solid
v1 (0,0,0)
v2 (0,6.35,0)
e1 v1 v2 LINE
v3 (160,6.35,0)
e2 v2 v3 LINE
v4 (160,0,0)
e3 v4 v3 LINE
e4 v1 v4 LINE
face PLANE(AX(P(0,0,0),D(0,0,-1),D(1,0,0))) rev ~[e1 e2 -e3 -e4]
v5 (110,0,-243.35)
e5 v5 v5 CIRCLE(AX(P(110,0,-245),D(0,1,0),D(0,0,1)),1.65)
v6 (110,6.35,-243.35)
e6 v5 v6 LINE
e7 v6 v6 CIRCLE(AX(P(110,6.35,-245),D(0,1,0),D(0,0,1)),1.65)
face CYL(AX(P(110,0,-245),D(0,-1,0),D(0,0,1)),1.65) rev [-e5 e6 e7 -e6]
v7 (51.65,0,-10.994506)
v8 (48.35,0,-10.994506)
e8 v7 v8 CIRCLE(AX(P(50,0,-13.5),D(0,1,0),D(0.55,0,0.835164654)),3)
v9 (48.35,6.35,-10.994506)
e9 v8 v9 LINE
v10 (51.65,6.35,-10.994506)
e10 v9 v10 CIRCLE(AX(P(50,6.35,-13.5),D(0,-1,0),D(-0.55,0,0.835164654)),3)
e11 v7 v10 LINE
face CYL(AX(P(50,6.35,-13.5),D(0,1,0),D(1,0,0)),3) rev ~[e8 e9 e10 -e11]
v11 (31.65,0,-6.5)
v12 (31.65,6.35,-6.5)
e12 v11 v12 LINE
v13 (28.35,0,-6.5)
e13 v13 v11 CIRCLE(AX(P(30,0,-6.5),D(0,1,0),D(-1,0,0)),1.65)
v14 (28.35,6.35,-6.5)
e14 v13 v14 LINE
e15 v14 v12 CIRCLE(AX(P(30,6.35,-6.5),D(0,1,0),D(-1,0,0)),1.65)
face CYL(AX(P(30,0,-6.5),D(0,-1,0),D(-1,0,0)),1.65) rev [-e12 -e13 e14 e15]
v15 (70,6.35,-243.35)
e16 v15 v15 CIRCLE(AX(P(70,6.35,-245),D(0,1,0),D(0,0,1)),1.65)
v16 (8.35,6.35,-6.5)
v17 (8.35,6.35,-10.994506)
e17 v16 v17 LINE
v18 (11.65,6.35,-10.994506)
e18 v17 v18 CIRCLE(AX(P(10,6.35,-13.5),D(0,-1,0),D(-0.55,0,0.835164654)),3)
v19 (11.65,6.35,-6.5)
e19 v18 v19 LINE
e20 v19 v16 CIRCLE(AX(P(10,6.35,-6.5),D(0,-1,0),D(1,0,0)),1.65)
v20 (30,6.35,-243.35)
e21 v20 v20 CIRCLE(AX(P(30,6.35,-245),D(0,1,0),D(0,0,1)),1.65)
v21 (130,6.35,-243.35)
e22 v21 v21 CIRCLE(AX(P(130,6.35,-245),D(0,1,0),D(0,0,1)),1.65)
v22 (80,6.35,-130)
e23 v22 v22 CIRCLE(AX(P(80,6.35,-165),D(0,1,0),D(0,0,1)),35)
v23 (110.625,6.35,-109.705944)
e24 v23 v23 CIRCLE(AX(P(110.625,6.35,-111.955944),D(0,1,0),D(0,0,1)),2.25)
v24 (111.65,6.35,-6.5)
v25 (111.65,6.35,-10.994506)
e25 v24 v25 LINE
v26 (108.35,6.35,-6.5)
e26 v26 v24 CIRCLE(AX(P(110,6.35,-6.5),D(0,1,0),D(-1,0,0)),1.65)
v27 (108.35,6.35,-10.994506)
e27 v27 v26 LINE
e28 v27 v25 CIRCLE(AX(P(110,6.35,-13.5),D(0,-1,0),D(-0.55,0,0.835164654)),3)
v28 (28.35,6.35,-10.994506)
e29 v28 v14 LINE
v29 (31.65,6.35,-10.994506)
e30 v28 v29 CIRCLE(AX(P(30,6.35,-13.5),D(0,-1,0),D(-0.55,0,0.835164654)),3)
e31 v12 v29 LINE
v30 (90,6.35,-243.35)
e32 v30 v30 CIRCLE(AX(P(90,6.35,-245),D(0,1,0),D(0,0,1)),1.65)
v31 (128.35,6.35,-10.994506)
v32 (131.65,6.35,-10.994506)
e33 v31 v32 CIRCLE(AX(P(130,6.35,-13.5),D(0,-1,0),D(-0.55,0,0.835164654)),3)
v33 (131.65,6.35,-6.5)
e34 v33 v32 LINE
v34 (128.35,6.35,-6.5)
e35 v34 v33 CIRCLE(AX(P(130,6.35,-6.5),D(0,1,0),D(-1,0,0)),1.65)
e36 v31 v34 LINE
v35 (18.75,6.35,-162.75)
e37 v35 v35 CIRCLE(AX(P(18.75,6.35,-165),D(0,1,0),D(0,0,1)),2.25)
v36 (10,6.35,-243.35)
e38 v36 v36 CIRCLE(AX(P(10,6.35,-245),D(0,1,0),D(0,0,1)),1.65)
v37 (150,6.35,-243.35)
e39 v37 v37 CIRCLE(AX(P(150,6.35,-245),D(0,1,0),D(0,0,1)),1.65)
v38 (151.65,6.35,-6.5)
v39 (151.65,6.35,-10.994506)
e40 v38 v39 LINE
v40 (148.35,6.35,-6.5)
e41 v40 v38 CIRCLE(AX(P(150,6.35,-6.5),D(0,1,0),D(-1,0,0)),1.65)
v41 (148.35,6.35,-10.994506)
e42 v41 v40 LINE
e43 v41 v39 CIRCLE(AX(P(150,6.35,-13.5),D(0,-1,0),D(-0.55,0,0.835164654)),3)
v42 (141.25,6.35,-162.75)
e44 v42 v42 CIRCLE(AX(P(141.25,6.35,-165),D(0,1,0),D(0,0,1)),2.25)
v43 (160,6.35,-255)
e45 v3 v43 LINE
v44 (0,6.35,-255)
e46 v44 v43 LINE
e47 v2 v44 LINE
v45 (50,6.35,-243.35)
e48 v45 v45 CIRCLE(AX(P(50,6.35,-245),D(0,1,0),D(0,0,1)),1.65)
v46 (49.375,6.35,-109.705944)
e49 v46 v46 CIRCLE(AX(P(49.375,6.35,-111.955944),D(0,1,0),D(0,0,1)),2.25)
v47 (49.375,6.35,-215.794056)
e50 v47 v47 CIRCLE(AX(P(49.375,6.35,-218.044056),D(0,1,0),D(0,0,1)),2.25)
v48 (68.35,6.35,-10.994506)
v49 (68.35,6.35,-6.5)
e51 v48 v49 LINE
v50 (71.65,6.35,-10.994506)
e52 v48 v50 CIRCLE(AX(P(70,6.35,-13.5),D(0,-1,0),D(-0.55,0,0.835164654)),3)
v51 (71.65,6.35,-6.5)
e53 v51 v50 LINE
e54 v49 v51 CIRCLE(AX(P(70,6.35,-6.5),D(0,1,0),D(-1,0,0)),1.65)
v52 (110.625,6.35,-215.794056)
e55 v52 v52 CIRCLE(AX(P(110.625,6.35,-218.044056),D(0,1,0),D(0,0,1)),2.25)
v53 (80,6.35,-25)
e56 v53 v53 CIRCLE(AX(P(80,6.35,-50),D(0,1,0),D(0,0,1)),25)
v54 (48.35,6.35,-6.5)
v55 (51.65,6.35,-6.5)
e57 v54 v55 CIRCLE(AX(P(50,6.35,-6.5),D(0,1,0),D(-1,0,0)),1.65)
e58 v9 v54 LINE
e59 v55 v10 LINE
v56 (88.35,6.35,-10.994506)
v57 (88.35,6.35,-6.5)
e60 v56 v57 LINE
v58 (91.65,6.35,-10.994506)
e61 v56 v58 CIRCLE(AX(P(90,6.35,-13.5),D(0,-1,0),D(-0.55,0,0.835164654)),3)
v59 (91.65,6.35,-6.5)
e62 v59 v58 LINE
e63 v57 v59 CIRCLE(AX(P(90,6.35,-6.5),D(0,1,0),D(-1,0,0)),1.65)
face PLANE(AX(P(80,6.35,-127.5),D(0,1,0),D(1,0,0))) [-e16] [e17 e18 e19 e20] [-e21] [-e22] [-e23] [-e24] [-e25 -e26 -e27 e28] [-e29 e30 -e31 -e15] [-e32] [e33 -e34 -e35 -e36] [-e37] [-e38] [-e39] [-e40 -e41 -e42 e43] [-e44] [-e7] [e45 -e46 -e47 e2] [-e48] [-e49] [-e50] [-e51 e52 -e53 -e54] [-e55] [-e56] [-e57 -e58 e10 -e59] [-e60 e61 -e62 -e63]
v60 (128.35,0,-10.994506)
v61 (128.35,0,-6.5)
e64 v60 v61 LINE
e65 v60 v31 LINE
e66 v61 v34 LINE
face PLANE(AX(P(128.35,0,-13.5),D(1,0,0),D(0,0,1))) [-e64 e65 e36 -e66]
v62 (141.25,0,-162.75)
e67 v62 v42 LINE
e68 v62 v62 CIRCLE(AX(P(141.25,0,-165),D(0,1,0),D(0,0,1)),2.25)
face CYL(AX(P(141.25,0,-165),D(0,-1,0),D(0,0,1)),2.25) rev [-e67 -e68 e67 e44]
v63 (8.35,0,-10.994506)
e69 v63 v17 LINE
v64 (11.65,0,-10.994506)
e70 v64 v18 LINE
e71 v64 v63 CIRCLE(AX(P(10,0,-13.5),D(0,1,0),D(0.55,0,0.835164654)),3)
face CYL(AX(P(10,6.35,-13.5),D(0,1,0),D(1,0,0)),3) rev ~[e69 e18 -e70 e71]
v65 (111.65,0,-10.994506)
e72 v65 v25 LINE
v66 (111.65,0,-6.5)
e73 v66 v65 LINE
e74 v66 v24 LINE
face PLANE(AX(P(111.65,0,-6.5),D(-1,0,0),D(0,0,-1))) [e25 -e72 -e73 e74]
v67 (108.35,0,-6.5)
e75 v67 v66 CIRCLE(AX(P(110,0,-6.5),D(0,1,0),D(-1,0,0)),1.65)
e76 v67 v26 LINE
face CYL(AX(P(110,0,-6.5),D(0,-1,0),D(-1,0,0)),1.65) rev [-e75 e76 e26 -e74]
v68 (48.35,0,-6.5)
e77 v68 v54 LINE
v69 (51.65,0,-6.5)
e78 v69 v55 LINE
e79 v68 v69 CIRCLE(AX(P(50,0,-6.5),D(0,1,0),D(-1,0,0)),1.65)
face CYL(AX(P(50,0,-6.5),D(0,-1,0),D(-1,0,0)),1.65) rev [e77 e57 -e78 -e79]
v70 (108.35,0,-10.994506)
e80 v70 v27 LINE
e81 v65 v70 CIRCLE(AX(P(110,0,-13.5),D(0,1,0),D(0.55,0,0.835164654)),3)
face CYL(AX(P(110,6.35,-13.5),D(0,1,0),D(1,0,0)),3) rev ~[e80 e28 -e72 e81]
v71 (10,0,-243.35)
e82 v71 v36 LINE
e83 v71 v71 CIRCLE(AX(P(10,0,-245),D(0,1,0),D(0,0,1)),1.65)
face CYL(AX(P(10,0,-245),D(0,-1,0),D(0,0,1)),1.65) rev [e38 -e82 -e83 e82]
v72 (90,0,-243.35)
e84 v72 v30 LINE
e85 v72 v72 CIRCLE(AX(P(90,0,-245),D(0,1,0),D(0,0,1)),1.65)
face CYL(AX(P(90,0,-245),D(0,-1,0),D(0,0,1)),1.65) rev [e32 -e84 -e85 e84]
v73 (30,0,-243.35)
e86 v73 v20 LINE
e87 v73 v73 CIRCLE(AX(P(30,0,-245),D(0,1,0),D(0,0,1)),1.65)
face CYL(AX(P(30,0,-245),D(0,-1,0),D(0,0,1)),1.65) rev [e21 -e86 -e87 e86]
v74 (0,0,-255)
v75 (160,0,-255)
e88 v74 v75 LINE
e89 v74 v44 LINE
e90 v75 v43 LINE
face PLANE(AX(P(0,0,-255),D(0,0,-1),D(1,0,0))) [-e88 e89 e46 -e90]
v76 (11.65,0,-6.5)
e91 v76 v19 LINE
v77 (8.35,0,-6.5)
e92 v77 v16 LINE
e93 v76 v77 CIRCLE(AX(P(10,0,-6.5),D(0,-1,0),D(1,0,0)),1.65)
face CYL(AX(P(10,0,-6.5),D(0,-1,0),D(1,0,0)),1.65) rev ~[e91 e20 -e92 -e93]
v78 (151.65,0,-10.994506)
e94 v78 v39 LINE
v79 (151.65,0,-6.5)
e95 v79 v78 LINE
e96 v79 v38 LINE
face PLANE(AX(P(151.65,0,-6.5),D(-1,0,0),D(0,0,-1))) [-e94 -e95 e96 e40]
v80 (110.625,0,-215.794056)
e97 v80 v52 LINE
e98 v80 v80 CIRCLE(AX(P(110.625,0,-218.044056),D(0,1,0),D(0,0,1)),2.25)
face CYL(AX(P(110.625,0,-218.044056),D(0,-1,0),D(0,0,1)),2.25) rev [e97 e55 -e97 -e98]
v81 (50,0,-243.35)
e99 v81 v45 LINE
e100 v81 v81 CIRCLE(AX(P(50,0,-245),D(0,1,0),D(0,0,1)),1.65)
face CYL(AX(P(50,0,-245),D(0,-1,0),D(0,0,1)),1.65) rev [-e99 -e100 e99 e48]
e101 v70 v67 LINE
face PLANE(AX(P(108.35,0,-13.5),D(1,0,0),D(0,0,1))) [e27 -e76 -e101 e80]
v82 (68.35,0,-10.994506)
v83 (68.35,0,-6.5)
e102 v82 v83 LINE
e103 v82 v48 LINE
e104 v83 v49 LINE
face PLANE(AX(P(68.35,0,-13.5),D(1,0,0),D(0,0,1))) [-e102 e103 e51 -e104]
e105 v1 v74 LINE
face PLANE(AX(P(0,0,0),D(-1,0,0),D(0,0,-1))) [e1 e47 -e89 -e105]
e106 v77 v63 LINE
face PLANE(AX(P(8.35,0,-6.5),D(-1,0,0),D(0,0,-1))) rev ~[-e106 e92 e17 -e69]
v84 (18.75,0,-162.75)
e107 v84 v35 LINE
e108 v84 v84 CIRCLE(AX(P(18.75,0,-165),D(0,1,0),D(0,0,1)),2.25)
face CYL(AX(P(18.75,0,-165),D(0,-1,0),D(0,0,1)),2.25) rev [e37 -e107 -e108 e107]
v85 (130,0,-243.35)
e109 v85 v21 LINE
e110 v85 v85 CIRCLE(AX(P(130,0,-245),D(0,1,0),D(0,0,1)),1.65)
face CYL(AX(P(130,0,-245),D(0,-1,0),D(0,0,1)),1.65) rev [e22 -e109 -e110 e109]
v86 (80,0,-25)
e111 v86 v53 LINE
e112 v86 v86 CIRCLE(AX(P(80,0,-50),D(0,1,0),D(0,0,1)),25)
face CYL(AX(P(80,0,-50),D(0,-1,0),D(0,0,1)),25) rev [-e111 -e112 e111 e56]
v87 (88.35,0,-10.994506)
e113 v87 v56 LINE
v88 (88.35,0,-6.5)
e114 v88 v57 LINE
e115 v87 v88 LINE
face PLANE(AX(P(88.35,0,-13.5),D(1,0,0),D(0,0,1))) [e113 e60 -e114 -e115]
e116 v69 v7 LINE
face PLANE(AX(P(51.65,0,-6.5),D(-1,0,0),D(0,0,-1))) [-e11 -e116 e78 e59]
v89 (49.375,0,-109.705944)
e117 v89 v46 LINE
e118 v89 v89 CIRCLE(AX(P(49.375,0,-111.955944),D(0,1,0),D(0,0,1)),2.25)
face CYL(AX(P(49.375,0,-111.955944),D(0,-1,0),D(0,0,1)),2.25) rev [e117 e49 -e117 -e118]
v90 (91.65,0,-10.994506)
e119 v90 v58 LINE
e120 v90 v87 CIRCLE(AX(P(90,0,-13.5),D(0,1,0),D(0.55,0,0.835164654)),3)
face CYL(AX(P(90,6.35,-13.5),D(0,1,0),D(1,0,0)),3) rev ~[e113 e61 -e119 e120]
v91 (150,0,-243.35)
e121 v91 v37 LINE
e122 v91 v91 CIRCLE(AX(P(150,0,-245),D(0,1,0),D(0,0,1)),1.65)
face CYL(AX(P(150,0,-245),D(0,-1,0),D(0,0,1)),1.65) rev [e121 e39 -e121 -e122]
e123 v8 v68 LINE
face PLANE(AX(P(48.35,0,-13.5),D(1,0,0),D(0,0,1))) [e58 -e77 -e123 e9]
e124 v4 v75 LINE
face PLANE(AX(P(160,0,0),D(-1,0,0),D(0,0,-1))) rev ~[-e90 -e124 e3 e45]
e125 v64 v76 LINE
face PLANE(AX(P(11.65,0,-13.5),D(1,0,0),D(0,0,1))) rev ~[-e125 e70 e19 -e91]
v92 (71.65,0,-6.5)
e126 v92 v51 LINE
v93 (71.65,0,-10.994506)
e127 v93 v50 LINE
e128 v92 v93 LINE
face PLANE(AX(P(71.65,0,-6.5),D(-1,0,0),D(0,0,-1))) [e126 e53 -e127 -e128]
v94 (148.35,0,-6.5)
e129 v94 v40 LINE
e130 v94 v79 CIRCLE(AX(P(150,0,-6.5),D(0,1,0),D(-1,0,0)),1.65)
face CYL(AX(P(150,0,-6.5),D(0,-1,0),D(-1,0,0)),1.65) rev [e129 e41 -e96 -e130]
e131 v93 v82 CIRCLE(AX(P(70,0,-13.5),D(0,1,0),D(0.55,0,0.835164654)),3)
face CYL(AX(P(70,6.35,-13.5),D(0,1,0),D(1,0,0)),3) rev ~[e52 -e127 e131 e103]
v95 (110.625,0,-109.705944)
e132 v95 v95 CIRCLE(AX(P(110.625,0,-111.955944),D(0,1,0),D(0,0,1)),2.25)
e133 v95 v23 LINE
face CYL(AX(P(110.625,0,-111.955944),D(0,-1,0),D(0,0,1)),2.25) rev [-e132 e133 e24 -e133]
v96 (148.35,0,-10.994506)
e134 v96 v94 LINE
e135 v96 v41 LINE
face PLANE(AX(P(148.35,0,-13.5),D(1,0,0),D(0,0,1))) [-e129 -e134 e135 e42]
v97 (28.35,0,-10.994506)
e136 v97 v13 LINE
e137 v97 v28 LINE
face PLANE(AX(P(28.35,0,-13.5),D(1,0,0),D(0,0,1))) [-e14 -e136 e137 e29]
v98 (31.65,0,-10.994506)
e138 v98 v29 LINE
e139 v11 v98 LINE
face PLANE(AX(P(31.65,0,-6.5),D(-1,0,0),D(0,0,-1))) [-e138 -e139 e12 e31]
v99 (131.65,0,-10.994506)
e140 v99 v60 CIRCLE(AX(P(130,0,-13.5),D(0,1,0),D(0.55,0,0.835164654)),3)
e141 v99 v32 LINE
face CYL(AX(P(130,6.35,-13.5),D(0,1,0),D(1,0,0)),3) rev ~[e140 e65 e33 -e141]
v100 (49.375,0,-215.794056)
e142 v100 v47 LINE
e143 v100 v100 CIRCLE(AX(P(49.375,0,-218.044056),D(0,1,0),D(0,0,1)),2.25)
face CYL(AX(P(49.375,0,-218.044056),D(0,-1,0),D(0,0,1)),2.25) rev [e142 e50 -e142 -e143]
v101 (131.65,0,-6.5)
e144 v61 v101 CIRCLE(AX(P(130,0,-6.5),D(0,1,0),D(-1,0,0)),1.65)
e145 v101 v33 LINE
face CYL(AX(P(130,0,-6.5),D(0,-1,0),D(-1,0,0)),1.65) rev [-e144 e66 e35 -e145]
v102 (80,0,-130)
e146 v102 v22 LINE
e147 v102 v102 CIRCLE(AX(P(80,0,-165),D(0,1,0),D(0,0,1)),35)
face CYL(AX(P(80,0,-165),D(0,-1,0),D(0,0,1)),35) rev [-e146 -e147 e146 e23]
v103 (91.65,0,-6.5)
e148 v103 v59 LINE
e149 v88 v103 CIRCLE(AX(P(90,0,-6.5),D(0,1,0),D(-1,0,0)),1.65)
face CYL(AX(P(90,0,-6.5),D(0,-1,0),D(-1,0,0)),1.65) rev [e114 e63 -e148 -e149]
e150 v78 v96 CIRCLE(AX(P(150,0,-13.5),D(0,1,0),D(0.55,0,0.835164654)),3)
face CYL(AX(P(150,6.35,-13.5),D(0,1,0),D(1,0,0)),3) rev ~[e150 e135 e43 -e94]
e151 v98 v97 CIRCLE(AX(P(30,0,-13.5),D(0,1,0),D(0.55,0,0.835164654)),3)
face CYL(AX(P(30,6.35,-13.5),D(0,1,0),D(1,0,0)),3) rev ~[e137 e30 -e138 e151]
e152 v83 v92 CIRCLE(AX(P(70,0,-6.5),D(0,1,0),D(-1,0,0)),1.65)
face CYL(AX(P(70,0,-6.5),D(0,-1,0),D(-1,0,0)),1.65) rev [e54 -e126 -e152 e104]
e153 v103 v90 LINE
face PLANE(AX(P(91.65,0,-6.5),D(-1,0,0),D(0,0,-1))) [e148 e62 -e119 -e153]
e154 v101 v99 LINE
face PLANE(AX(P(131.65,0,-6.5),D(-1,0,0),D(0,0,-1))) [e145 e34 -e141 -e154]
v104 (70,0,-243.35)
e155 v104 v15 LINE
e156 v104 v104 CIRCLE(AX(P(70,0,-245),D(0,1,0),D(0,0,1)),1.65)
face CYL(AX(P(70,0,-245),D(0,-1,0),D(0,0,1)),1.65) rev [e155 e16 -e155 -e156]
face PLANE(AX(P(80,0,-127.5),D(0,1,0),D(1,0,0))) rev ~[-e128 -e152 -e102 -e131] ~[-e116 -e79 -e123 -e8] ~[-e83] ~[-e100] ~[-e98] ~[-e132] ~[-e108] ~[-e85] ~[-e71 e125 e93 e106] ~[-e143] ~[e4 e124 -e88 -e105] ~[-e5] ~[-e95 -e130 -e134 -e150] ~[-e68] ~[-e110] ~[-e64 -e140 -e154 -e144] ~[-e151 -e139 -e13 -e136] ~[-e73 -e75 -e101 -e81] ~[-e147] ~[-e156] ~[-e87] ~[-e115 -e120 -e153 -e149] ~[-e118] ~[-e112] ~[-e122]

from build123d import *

# Parameters (mm, degrees)
SKETCH1_W           = 160
SKETCH1_H           = 255
SKETCH1_R           = 35
SKETCH1_R_2         = 25
SKETCH1_R_3         = 2.25
SKETCH1_R_4         = 1.65
BOSS_EXTRUDE1_DEPTH = 6.35
CUT_EXTRUDE1_REACH  = 303.107
SKETCH2_R           = 3


with BuildPart() as part:
    # Sketch1 → Boss-Extrude1 (new body)
    with BuildSketch(Plane(origin=(0, 0, 0), x_dir=(1, 0, 0), z_dir=(0, 1, 0))):
        with Locations((80, 127.5)):
            Rectangle(SKETCH1_W, SKETCH1_H)
        with Locations(Location((80, 165, 0), (0, 0, 270))):
            Circle(SKETCH1_R, mode=Mode.SUBTRACT)
        with Locations(Location((80, 50, 0), (0, 0, 270))):
            Circle(SKETCH1_R_2, mode=Mode.SUBTRACT)
        with Locations(Location((141.25, 165, 0), (0, 0, 270))):
            Circle(SKETCH1_R_3, mode=Mode.SUBTRACT)
        with Locations(Location((110.625, 111.955944018, 0), (0, 0, 270))):
            Circle(SKETCH1_R_3, mode=Mode.SUBTRACT)
        with Locations(Location((49.375, 111.955944018, 0), (0, 0, 270))):
            Circle(SKETCH1_R_3, mode=Mode.SUBTRACT)
        with Locations(Location((18.75, 165, 0), (0, 0, 270))):
            Circle(SKETCH1_R_3, mode=Mode.SUBTRACT)
        with Locations(Location((49.375, 218.044055982, 0), (0, 0, 270))):
            Circle(SKETCH1_R_3, mode=Mode.SUBTRACT)
        with Locations(Location((110.625, 218.044055982, 0), (0, 0, 270))):
            Circle(SKETCH1_R_3, mode=Mode.SUBTRACT)
        with Locations(Location((10, 245, 0), (0, 0, 270))):
            Circle(SKETCH1_R_4, mode=Mode.SUBTRACT)
        with Locations(Location((30, 245, 0), (0, 0, 270))):
            Circle(SKETCH1_R_4, mode=Mode.SUBTRACT)
        with Locations(Location((50, 245, 0), (0, 0, 270))):
            Circle(SKETCH1_R_4, mode=Mode.SUBTRACT)
        with Locations(Location((70, 245, 0), (0, 0, 270))):
            Circle(SKETCH1_R_4, mode=Mode.SUBTRACT)
        with Locations(Location((90, 245, 0), (0, 0, 270))):
            Circle(SKETCH1_R_4, mode=Mode.SUBTRACT)
        with Locations(Location((110, 245, 0), (0, 0, 270))):
            Circle(SKETCH1_R_4, mode=Mode.SUBTRACT)
        with Locations(Location((130, 245, 0), (0, 0, 270))):
            Circle(SKETCH1_R_4, mode=Mode.SUBTRACT)
        with Locations(Location((150, 245, 0), (0, 0, 270))):
            Circle(SKETCH1_R_4, mode=Mode.SUBTRACT)
        with BuildLine():
            Line((8.35, 6.5), (8.35, 13.5))
            ThreePointArc((8.35, 13.5), (10, 15.15), (11.65, 13.5))
            Line((11.65, 13.5), (11.65, 6.5))
            ThreePointArc((11.65, 6.5), (10, 4.85), (8.35, 6.5))
        make_face(mode=Mode.SUBTRACT)
        with BuildLine():
            Line((31.65, 6.5), (31.65, 13.5))
            ThreePointArc((31.65, 13.5), (30, 15.15), (28.35, 13.5))
            Line((28.35, 13.5), (28.35, 6.5))
            ThreePointArc((28.35, 6.5), (30, 4.85), (31.65, 6.5))
        make_face(mode=Mode.SUBTRACT)
        with BuildLine():
            Line((51.65, 6.5), (51.65, 13.5))
            ThreePointArc((51.65, 13.5), (50, 15.15), (48.35, 13.5))
            Line((48.35, 13.5), (48.35, 6.5))
            ThreePointArc((48.35, 6.5), (50, 4.85), (51.65, 6.5))
        make_face(mode=Mode.SUBTRACT)
        with BuildLine():
            Line((71.65, 6.5), (71.65, 13.5))
            ThreePointArc((71.65, 13.5), (70, 15.15), (68.35, 13.5))
            Line((68.35, 13.5), (68.35, 6.5))
            ThreePointArc((68.35, 6.5), (70, 4.85), (71.65, 6.5))
        make_face(mode=Mode.SUBTRACT)
        with BuildLine():
            Line((91.65, 6.5), (91.65, 13.5))
            ThreePointArc((91.65, 13.5), (90, 15.15), (88.35, 13.5))
            Line((88.35, 13.5), (88.35, 6.5))
            ThreePointArc((88.35, 6.5), (90, 4.85), (91.65, 6.5))
        make_face(mode=Mode.SUBTRACT)
        with BuildLine():
            Line((111.65, 6.5), (111.65, 13.5))
            ThreePointArc((111.65, 13.5), (110, 15.15), (108.35, 13.5))
            Line((108.35, 13.5), (108.35, 6.5))
            ThreePointArc((108.35, 6.5), (110, 4.85), (111.65, 6.5))
        make_face(mode=Mode.SUBTRACT)
        with BuildLine():
            Line((131.65, 6.5), (131.65, 13.5))
            ThreePointArc((131.65, 13.5), (130, 15.15), (128.35, 13.5))
            Line((128.35, 13.5), (128.35, 6.5))
            ThreePointArc((128.35, 6.5), (130, 4.85), (131.65, 6.5))
        make_face(mode=Mode.SUBTRACT)
        with BuildLine():
            Line((151.65, 6.5), (151.65, 13.5))
            ThreePointArc((151.65, 13.5), (150, 15.15), (148.35, 13.5))
            Line((148.35, 13.5), (148.35, 6.5))
            ThreePointArc((148.35, 6.5), (150, 4.85), (151.65, 6.5))
        make_face(mode=Mode.SUBTRACT)
    extrude(amount=BOSS_EXTRUDE1_DEPTH)

    # Sketch2 → Cut-Extrude1 (cut, up to next)
    with BuildSketch(Plane(origin=(0, 6.35, 0), x_dir=(1, 0, 0), z_dir=(0, 1, 0)), mode=Mode.PRIVATE) as cut_extrude1_sk1:
        with Locations((150, 13.5)):
            Circle(SKETCH2_R)
    cut_extrude1_tool1 = extrude(cut_extrude1_sk1.sketch, amount=-CUT_EXTRUDE1_REACH, mode=Mode.PRIVATE) & part.part
    # Sketch2 → Cut-Extrude1 (cut, up to next)
    with BuildSketch(Plane(origin=(0, 6.35, 0), x_dir=(1, 0, 0), z_dir=(0, 1, 0)), mode=Mode.PRIVATE) as cut_extrude1_sk2:
        with Locations((130, 13.5)):
            Circle(SKETCH2_R)
    cut_extrude1_tool2 = extrude(cut_extrude1_sk2.sketch, amount=-CUT_EXTRUDE1_REACH, mode=Mode.PRIVATE) & part.part
    # Sketch2 → Cut-Extrude1 (cut, up to next)
    with BuildSketch(Plane(origin=(0, 6.35, 0), x_dir=(1, 0, 0), z_dir=(0, 1, 0)), mode=Mode.PRIVATE) as cut_extrude1_sk3:
        with Locations((110, 13.5)):
            Circle(SKETCH2_R)
    cut_extrude1_tool3 = extrude(cut_extrude1_sk3.sketch, amount=-CUT_EXTRUDE1_REACH, mode=Mode.PRIVATE) & part.part
    # Sketch2 → Cut-Extrude1 (cut, up to next)
    with BuildSketch(Plane(origin=(0, 6.35, 0), x_dir=(1, 0, 0), z_dir=(0, 1, 0)), mode=Mode.PRIVATE) as cut_extrude1_sk4:
        with Locations((90, 13.5)):
            Circle(SKETCH2_R)
    cut_extrude1_tool4 = extrude(cut_extrude1_sk4.sketch, amount=-CUT_EXTRUDE1_REACH, mode=Mode.PRIVATE) & part.part
    # Sketch2 → Cut-Extrude1 (cut, up to next)
    with BuildSketch(Plane(origin=(0, 6.35, 0), x_dir=(1, 0, 0), z_dir=(0, 1, 0)), mode=Mode.PRIVATE) as cut_extrude1_sk5:
        with Locations((70, 13.5)):
            Circle(SKETCH2_R)
    cut_extrude1_tool5 = extrude(cut_extrude1_sk5.sketch, amount=-CUT_EXTRUDE1_REACH, mode=Mode.PRIVATE) & part.part
    # Sketch2 → Cut-Extrude1 (cut, up to next)
    with BuildSketch(Plane(origin=(0, 6.35, 0), x_dir=(1, 0, 0), z_dir=(0, 1, 0)), mode=Mode.PRIVATE) as cut_extrude1_sk6:
        with Locations((50, 13.5)):
            Circle(SKETCH2_R)
    cut_extrude1_tool6 = extrude(cut_extrude1_sk6.sketch, amount=-CUT_EXTRUDE1_REACH, mode=Mode.PRIVATE) & part.part
    # Sketch2 → Cut-Extrude1 (cut, up to next)
    with BuildSketch(Plane(origin=(0, 6.35, 0), x_dir=(1, 0, 0), z_dir=(0, 1, 0)), mode=Mode.PRIVATE) as cut_extrude1_sk7:
        with Locations((30, 13.5)):
            Circle(SKETCH2_R)
    cut_extrude1_tool7 = extrude(cut_extrude1_sk7.sketch, amount=-CUT_EXTRUDE1_REACH, mode=Mode.PRIVATE) & part.part
    # Sketch2 → Cut-Extrude1 (cut, up to next)
    with BuildSketch(Plane(origin=(0, 6.35, 0), x_dir=(1, 0, 0), z_dir=(0, 1, 0)), mode=Mode.PRIVATE) as cut_extrude1_sk8:
        with Locations((10, 13.5)):
            Circle(SKETCH2_R)
    cut_extrude1_tool8 = extrude(cut_extrude1_sk8.sketch, amount=-CUT_EXTRUDE1_REACH, mode=Mode.PRIVATE) & part.part
    add(cut_extrude1_tool1.solids().sort_by_distance((150, 6.35, -13.5))[0], mode=Mode.SUBTRACT)
    add(cut_extrude1_tool2.solids().sort_by_distance((130, 6.35, -13.5))[0], mode=Mode.SUBTRACT)
    add(cut_extrude1_tool3.solids().sort_by_distance((110, 6.35, -13.5))[0], mode=Mode.SUBTRACT)
    add(cut_extrude1_tool4.solids().sort_by_distance((90, 6.35, -13.5))[0], mode=Mode.SUBTRACT)
    add(cut_extrude1_tool5.solids().sort_by_distance((70, 6.35, -13.5))[0], mode=Mode.SUBTRACT)
    add(cut_extrude1_tool6.solids().sort_by_distance((50, 6.35, -13.5))[0], mode=Mode.SUBTRACT)
    add(cut_extrude1_tool7.solids().sort_by_distance((30, 6.35, -13.5))[0], mode=Mode.SUBTRACT)
    add(cut_extrude1_tool8.solids().sort_by_distance((10, 6.35, -13.5))[0], mode=Mode.SUBTRACT)


solid = part.part
